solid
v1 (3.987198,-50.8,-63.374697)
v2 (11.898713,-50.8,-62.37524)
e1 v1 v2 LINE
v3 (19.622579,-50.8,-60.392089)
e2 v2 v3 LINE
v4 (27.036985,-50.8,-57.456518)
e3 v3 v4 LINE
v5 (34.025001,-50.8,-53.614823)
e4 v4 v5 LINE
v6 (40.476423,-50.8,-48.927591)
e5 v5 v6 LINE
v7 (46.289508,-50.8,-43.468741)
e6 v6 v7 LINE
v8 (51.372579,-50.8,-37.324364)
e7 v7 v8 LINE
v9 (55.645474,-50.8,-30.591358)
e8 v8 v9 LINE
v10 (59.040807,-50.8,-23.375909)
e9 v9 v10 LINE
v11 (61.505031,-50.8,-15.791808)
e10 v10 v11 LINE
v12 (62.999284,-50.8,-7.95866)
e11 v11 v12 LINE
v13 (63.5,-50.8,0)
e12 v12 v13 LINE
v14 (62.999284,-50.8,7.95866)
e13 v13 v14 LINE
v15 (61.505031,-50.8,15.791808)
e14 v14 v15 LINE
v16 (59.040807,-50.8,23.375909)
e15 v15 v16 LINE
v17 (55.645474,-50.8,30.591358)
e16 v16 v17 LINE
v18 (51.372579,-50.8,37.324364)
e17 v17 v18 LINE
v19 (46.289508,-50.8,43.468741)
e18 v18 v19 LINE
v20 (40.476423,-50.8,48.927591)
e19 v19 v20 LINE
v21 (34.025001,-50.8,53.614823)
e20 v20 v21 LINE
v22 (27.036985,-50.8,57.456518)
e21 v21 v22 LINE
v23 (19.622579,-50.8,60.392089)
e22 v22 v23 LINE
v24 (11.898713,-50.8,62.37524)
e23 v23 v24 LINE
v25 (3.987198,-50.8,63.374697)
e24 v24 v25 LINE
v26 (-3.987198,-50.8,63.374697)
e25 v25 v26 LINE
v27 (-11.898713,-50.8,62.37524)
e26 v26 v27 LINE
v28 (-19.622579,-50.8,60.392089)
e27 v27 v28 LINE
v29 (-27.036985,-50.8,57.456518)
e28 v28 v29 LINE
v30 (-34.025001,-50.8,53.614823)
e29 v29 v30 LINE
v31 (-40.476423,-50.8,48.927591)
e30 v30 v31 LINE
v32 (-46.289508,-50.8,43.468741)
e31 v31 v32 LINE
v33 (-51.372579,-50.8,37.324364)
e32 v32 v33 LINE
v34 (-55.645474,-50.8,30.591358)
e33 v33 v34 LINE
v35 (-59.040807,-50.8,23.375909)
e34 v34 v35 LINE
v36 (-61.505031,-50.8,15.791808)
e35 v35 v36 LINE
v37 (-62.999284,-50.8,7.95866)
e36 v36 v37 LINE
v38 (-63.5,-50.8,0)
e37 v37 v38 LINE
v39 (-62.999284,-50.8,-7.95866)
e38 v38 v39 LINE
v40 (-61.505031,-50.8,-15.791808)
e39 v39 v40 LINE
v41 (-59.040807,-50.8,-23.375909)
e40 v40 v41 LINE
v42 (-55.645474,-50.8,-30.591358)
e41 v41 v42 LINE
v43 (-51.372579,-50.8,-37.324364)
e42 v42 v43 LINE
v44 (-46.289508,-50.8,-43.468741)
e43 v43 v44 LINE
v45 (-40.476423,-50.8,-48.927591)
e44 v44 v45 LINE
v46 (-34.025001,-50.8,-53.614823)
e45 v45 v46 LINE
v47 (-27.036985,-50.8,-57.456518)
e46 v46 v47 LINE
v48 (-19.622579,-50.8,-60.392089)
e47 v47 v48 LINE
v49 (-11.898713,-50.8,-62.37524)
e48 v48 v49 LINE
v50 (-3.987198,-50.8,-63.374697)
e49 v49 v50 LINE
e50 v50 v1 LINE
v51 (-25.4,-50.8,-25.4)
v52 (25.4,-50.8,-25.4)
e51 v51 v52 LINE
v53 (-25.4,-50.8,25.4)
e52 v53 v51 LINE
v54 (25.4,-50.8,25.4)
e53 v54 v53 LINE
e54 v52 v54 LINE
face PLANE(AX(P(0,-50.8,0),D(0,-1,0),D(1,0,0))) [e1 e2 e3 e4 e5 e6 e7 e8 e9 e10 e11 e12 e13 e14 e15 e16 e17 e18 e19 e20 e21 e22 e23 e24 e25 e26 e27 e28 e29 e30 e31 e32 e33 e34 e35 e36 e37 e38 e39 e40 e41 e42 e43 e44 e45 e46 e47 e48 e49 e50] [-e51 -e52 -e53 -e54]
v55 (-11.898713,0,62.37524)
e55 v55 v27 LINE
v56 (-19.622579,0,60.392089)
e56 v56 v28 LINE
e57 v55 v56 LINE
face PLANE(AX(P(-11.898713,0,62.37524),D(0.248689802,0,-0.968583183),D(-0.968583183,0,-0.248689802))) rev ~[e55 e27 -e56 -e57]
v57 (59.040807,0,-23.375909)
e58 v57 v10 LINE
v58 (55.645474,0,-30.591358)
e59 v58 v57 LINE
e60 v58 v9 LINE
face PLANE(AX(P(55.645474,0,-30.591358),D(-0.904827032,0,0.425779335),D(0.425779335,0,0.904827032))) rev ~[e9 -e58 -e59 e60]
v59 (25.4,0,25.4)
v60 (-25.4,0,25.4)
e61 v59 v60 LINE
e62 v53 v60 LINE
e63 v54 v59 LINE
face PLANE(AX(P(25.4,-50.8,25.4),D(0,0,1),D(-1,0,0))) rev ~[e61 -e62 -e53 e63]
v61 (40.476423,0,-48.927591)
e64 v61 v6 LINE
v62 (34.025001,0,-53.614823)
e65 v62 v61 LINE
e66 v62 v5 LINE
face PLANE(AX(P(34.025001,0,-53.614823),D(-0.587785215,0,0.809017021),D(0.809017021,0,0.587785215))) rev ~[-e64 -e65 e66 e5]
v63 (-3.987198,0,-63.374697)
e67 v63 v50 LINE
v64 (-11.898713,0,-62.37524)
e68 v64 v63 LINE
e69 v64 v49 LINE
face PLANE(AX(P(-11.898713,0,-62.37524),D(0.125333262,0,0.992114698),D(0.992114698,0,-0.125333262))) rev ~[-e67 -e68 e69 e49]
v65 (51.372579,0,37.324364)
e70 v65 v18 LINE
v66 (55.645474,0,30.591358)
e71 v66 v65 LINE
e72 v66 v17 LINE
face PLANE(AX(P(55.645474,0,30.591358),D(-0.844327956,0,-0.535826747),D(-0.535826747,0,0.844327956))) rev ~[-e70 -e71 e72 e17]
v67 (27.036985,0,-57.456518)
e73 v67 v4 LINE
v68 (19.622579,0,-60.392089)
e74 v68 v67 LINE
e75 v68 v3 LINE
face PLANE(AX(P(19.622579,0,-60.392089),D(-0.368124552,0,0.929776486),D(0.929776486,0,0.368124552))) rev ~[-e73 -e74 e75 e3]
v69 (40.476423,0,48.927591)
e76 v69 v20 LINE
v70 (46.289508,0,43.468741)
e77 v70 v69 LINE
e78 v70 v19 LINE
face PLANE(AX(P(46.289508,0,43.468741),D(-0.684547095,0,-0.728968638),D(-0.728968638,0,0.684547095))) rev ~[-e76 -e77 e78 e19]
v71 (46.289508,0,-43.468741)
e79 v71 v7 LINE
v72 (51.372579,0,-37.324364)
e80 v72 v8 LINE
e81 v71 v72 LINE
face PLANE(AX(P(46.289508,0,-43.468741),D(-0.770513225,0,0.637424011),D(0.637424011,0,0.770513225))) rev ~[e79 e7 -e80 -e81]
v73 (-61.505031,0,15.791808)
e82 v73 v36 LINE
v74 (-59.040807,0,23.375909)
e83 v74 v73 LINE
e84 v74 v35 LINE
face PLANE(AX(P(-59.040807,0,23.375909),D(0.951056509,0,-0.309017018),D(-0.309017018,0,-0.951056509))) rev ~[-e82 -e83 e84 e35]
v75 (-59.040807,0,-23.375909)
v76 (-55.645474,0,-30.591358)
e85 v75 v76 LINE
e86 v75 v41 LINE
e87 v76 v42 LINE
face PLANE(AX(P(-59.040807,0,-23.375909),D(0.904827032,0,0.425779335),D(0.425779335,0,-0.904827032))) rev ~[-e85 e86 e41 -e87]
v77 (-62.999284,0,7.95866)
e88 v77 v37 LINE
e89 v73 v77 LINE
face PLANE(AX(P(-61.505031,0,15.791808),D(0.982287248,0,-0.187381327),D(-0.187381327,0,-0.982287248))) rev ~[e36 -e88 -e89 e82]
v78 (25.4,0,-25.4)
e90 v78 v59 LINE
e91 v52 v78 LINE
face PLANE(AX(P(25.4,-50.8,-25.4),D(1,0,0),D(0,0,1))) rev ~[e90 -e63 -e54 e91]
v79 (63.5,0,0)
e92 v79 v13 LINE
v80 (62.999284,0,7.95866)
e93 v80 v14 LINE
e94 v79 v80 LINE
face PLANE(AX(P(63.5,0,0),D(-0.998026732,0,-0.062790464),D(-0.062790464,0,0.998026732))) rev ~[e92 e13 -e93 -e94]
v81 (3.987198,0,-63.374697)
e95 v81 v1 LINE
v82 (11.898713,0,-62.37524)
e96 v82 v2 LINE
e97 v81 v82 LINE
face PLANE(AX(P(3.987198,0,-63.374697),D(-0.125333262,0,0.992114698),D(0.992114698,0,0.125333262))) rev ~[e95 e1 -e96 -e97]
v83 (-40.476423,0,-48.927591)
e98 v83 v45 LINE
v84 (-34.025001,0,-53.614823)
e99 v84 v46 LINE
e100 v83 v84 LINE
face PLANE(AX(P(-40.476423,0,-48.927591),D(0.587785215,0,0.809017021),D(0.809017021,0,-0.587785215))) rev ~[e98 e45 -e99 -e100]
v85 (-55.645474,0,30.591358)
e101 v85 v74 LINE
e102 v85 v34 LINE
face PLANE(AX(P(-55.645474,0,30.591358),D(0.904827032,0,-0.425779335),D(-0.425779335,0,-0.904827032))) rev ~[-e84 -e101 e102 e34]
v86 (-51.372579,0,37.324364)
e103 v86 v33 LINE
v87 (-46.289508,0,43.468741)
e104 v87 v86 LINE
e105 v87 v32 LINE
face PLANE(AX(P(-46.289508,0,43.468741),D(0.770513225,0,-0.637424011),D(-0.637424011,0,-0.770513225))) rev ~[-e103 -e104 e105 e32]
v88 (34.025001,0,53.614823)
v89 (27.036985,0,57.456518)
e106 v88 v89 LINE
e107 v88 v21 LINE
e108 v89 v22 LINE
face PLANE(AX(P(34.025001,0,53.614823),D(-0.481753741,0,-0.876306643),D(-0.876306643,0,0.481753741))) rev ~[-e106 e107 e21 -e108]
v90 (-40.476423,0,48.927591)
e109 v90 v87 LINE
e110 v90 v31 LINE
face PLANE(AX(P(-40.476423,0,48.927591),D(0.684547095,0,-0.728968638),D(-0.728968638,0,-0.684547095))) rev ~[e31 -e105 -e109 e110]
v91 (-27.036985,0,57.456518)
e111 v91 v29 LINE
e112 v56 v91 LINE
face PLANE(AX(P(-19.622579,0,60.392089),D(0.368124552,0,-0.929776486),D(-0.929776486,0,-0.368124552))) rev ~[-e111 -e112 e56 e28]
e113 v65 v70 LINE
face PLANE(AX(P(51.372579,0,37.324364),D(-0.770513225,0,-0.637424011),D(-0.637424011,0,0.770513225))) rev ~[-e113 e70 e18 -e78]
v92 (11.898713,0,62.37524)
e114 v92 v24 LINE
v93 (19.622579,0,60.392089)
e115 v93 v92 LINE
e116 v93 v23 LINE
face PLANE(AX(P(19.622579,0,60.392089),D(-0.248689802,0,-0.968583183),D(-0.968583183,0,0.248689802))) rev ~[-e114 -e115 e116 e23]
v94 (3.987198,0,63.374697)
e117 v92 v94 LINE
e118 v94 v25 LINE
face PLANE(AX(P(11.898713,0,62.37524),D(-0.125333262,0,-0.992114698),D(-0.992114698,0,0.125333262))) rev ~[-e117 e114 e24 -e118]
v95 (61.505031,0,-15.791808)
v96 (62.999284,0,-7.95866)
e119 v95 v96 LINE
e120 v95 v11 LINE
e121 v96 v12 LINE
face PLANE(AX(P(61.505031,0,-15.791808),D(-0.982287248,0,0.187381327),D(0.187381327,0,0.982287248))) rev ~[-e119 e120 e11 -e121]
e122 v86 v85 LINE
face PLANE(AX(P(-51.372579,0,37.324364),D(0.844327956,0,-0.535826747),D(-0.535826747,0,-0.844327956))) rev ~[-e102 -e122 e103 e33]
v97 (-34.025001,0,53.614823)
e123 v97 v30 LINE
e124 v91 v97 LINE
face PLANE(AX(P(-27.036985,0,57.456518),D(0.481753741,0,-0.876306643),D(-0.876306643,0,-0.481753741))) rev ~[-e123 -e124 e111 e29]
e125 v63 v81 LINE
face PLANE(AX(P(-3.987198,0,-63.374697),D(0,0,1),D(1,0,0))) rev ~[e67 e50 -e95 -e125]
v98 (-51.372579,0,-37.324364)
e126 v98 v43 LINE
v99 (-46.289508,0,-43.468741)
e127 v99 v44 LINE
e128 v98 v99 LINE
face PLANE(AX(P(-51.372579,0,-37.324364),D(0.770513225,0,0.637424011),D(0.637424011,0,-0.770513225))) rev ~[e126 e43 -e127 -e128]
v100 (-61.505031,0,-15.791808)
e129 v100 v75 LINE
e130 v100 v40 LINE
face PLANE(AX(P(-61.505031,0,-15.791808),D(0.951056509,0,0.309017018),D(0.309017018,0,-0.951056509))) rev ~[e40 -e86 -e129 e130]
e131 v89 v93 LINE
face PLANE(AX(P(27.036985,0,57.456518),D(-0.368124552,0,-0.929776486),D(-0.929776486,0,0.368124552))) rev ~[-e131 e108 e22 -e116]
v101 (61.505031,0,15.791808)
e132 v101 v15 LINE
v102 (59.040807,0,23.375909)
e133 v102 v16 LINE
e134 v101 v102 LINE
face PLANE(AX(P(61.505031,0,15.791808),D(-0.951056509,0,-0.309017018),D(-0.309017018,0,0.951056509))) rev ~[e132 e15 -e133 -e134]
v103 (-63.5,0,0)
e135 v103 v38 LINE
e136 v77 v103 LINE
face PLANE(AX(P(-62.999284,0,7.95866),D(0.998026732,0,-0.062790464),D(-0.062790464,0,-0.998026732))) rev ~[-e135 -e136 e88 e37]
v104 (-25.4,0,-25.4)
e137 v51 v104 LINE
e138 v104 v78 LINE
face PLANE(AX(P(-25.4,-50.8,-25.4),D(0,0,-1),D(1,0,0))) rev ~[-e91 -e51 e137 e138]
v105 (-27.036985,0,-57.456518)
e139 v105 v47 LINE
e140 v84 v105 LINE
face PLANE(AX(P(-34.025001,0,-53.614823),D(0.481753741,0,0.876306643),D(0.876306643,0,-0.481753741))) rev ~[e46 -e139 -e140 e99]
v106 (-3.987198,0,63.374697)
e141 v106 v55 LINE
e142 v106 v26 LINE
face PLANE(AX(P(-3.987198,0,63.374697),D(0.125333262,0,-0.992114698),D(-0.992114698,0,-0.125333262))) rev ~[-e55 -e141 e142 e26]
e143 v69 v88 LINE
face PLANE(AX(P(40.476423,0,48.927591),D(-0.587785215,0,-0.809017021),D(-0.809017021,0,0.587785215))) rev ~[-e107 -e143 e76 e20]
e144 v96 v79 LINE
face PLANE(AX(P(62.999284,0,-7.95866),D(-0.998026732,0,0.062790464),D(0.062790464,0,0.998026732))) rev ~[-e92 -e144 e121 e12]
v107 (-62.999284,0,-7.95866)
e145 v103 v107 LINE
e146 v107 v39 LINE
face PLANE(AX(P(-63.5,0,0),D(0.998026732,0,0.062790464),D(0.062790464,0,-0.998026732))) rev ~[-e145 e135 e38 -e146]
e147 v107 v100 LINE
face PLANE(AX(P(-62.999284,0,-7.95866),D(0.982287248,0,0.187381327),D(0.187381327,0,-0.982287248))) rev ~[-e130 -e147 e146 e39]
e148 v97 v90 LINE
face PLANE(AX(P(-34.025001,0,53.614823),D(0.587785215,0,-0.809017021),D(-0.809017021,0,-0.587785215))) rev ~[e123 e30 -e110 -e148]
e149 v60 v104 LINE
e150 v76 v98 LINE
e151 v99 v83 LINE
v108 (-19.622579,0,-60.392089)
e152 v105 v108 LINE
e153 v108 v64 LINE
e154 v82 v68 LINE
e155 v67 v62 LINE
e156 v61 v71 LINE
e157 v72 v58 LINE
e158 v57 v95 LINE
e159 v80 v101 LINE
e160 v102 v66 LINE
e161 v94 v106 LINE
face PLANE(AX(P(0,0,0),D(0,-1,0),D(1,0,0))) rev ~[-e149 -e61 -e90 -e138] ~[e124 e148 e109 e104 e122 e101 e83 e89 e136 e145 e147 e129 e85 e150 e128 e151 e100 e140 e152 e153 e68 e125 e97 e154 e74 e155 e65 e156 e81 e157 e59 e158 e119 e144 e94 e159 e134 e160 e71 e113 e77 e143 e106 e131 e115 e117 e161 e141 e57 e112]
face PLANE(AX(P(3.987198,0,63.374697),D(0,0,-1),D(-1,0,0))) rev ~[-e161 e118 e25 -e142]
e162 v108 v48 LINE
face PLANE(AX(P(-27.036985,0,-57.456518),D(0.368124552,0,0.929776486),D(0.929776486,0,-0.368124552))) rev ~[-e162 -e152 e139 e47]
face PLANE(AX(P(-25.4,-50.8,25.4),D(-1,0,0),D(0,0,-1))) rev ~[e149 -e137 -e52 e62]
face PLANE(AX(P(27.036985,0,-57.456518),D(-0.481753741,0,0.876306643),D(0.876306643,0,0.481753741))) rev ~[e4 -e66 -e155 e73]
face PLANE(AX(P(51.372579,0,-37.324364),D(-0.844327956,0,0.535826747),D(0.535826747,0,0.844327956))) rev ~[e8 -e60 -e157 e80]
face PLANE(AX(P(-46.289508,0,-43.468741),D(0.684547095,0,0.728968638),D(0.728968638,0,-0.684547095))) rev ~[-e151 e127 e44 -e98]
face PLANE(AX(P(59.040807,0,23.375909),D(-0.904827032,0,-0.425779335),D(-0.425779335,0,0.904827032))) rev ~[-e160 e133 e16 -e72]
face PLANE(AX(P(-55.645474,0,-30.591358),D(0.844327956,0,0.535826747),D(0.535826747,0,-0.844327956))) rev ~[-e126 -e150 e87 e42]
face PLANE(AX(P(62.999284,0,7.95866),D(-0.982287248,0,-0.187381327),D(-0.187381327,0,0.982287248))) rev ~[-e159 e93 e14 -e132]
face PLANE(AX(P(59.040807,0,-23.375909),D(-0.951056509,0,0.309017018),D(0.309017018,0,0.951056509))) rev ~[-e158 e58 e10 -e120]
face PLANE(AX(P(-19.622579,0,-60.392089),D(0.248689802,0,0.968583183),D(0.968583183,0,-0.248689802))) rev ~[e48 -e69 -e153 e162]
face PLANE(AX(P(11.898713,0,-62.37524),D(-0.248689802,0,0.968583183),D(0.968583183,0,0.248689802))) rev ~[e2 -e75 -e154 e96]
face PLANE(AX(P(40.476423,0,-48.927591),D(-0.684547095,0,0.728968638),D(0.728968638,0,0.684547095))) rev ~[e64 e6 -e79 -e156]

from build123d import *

# Parameters (mm, degrees)
F1_DEPTH = 50.8
F3_DEPTH = 76.2


with BuildPart() as f1:
    # F0 (on Front) → F1 (new body)
    with BuildSketch(Plane.XZ):
        Polygon((3.987198, 63.374697), (-3.987198, 63.374697), (-11.898713, 62.37524), (-19.622579, 60.392089), (-27.036985, 57.456518), (-34.025001, 53.614823), (-40.476423, 48.927591), (-46.289508, 43.468741), (-51.372579, 37.324364), (-55.645474, 30.591358), (-59.040807, 23.375909), (-61.505031, 15.791808), (-62.999284, 7.95866), (-63.5, 0), (-62.999284, -7.95866), (-61.505031, -15.791808), (-59.040807, -23.375909), (-55.645474, -30.591358), (-51.372579, -37.324364), (-46.289508, -43.468741), (-40.476423, -48.927591), (-34.025001, -53.614823), (-27.036985, -57.456518), (-19.622579, -60.392089), (-11.898713, -62.37524), (-3.987198, -63.374697), (3.987198, -63.374697), (11.898713, -62.37524), (19.622579, -60.392089), (27.036985, -57.456518), (34.025001, -53.614823), (40.476423, -48.927591), (46.289508, -43.468741), (51.372579, -37.324364), (55.645474, -30.591358), (59.040807, -23.375909), (61.505031, -15.791808), (62.999284, -7.95866), (63.5, 0), (62.999284, 7.95866), (61.505031, 15.791808), (59.040807, 23.375909), (55.645474, 30.591358), (51.372579, 37.324364), (46.289508, 43.468741), (40.476423, 48.927591), (34.025001, 53.614823), (27.036985, 57.456518), (19.622579, 60.392089), (11.898713, 62.37524), align=None)
    extrude(amount=F1_DEPTH)

    # F2 (on face) → F3 (cut)
    with BuildSketch(Plane.XZ.offset(50.8)):
        Polygon((25.4, 25.4), (0, 25.4), (-25.4, 25.4), (-25.4, 0), (-25.4, -25.4), (0, -25.4), (25.4, -25.4), (25.4, 0), align=None)
    extrude(amount=-F3_DEPTH, mode=Mode.SUBTRACT)


solid = f1.part
